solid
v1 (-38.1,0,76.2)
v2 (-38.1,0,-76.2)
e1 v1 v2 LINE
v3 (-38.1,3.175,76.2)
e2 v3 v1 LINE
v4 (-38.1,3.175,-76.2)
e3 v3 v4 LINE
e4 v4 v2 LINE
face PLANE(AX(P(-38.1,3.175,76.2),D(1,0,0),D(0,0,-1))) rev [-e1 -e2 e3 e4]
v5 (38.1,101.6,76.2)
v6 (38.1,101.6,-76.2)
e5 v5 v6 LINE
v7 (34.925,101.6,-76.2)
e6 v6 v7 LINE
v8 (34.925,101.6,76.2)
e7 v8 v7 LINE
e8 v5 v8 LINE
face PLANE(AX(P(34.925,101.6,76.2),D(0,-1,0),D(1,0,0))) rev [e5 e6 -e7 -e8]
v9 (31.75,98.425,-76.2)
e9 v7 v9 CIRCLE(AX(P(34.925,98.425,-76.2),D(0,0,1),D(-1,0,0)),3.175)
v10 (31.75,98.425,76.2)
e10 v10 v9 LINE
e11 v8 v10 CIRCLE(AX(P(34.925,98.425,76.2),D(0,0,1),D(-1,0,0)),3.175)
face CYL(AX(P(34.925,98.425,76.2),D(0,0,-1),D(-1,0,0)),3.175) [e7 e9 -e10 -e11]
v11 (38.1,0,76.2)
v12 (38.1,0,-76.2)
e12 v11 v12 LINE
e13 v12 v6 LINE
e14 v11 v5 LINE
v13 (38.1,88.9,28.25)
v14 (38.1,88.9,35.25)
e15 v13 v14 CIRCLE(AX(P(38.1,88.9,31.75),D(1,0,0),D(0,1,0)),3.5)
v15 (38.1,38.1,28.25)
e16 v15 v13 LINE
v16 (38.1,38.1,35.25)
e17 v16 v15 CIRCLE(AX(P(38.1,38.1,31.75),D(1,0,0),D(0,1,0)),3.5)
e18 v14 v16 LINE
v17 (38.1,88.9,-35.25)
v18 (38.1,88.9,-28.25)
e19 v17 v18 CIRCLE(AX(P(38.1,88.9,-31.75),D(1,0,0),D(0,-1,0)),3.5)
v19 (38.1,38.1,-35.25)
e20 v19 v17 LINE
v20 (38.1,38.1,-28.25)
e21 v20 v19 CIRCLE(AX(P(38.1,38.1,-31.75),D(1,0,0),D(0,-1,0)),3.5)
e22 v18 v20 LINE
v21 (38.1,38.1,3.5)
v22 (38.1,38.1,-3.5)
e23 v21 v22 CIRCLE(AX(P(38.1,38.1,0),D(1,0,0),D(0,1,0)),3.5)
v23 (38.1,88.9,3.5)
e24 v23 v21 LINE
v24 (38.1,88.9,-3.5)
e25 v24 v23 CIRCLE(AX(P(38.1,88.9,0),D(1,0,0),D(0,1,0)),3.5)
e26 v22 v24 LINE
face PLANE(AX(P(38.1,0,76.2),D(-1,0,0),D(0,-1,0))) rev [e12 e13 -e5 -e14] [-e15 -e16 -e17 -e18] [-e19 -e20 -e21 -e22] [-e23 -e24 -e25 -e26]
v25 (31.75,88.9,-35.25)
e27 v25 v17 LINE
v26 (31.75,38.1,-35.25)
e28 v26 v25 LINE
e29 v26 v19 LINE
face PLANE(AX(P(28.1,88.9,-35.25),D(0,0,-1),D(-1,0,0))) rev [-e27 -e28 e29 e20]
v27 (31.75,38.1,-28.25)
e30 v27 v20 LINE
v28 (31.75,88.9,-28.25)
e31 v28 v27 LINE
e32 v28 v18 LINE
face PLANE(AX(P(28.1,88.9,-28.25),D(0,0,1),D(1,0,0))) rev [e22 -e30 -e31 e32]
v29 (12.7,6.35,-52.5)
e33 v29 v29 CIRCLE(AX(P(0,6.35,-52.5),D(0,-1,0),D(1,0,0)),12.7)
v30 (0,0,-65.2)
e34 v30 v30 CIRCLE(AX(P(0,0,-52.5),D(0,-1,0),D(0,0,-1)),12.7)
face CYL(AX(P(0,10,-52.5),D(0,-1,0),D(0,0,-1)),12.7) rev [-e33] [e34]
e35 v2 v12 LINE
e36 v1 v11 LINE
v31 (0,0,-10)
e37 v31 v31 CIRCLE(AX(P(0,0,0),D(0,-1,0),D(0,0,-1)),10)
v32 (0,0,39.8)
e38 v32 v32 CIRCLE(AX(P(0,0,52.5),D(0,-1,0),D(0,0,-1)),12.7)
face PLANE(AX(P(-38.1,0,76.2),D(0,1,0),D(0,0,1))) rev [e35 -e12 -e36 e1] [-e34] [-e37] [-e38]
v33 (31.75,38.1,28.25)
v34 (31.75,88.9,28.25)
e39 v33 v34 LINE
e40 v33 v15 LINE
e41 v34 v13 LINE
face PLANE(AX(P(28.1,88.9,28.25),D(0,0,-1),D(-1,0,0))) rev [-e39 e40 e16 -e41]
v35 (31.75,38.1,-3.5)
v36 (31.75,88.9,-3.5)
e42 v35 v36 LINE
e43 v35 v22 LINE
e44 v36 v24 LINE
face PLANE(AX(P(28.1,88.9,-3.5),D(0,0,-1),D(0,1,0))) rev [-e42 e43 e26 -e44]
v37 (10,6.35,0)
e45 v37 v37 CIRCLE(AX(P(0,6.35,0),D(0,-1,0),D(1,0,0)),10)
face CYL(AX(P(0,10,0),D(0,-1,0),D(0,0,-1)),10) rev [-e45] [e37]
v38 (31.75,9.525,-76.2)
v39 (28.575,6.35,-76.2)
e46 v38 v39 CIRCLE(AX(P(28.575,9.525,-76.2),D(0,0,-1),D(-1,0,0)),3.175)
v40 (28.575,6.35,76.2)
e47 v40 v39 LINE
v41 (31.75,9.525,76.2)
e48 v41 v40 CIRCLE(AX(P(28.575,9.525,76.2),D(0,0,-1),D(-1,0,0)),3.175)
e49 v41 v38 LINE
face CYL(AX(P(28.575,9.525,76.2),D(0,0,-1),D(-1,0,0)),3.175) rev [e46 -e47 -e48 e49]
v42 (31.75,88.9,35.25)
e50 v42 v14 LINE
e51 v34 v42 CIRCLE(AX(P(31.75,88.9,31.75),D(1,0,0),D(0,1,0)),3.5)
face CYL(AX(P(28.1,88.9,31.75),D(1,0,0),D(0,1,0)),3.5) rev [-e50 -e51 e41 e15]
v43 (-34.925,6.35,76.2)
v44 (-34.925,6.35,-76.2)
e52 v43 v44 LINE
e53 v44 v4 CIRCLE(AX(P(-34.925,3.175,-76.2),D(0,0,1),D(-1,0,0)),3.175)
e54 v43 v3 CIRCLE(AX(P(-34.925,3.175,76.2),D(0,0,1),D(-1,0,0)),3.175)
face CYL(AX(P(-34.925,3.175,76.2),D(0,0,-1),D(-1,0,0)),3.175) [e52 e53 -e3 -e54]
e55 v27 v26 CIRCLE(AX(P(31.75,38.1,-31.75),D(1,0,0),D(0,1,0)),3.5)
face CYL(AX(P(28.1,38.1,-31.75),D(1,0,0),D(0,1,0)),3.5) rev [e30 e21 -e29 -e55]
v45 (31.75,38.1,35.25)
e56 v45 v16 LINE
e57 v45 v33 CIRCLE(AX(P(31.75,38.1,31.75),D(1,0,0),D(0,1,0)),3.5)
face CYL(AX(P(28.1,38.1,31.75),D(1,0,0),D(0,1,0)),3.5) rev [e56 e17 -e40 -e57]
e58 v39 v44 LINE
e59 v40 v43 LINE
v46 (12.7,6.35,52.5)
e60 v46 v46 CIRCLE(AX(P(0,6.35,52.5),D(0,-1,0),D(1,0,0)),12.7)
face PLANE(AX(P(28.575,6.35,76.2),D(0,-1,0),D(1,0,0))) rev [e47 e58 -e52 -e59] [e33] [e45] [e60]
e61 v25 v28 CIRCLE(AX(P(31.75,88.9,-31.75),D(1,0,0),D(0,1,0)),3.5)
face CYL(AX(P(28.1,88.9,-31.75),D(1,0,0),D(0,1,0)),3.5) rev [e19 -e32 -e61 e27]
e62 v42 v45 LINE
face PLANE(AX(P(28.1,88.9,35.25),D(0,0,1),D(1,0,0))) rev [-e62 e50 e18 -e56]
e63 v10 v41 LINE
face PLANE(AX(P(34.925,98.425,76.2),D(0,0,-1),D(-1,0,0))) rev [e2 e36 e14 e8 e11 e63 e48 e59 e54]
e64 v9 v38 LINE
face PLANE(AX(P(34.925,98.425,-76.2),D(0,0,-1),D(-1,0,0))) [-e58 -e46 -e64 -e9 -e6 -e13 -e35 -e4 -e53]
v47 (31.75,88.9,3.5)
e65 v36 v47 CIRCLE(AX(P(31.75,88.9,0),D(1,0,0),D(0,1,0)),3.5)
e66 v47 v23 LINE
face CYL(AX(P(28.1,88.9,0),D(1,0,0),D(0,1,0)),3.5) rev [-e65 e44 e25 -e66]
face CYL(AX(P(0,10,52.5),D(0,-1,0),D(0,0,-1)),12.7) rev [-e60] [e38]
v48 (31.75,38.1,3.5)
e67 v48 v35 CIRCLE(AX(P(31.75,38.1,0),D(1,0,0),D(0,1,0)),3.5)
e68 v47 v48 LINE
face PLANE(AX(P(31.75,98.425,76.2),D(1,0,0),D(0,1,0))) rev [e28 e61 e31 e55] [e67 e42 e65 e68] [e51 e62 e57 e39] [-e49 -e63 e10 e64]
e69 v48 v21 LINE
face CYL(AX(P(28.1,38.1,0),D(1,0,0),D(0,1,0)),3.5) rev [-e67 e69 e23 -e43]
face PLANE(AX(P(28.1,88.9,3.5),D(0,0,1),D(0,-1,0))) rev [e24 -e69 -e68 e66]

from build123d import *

# Parameters (mm, degrees)
BOSS_EXTRUDE1_DEPTH = 76.2
CUT_EXTRUDE1_DEPTH  = 10
SKETCH4_R           = 10
SKETCH4_R_2         = 12.7
CUT_EXTRUDE2_DEPTH  = 10


with BuildPart() as part:
    # Sketch2 → Boss-Extrude1 (new, symmetric)
    with BuildSketch(Plane.XY):
        with BuildLine():
            Line((-38.1, 0), (38.1, 0))
            Line((38.1, 0), (38.1, 101.6))
            Line((38.1, 101.6), (34.925, 101.6))
            ThreePointArc((34.925, 101.6), (32.67993597, 100.67006403), (31.75, 98.425))
            Line((31.75, 98.425), (31.75, 9.525))
            ThreePointArc((31.75, 9.525), (30.82006403, 7.27993597), (28.575, 6.35))
            Line((28.575, 6.35), (-34.925, 6.35))
            ThreePointArc((-34.925, 6.35), (-37.17006403, 5.42006403), (-38.1, 3.175))
            Line((-38.1, 3.175), (-38.1, 0))
        make_face()
    extrude(amount=BOSS_EXTRUDE1_DEPTH, both=True)

    # Sketch3 → Cut-Extrude1 (cut)
    with BuildSketch(Plane(origin=(38.1, 0, 0), x_dir=(0, 0, -1), z_dir=(1, 0, 0))):
        with BuildLine():
            Line((-28.25, 88.9), (-28.25, 38.1))
            ThreePointArc((-28.25, 38.1), (-31.75, 34.6), (-35.25, 38.1))
            Line((-35.25, 38.1), (-35.25, 88.9))
            ThreePointArc((-35.25, 88.9), (-31.75, 92.4), (-28.25, 88.9))
        make_face()
        with BuildLine():
            Line((28.25, 88.9), (28.25, 38.1))
            ThreePointArc((28.25, 38.1), (31.75, 34.6), (35.25, 38.1))
            Line((35.25, 38.1), (35.25, 88.9))
            ThreePointArc((35.25, 88.9), (31.75, 92.4), (28.25, 88.9))
        make_face()
        with BuildLine():
            Line((3.5, 88.9), (3.5, 38.1))
            ThreePointArc((3.5, 38.1), (0, 34.6), (-3.5, 38.1))
            Line((-3.5, 38.1), (-3.5, 88.9))
            ThreePointArc((-3.5, 88.9), (0, 92.4), (3.5, 88.9))
        make_face()
    extrude(amount=-CUT_EXTRUDE1_DEPTH, mode=Mode.SUBTRACT)

    # Sketch4 → Cut-Extrude2 (cut)
    with BuildSketch(Plane.XZ):
        with Locations(Location((0, 0, 0), (0, 0, 270))):
            Circle(SKETCH4_R)
        with Locations(Location((0, 52.5, 0), (0, 0, 270))):
            Circle(SKETCH4_R_2)
        with Locations(Location((0, -52.5, 0), (0, 0, 270))):
            Circle(SKETCH4_R_2)
    extrude(amount=-CUT_EXTRUDE2_DEPTH, mode=Mode.SUBTRACT)


solid = part.part
